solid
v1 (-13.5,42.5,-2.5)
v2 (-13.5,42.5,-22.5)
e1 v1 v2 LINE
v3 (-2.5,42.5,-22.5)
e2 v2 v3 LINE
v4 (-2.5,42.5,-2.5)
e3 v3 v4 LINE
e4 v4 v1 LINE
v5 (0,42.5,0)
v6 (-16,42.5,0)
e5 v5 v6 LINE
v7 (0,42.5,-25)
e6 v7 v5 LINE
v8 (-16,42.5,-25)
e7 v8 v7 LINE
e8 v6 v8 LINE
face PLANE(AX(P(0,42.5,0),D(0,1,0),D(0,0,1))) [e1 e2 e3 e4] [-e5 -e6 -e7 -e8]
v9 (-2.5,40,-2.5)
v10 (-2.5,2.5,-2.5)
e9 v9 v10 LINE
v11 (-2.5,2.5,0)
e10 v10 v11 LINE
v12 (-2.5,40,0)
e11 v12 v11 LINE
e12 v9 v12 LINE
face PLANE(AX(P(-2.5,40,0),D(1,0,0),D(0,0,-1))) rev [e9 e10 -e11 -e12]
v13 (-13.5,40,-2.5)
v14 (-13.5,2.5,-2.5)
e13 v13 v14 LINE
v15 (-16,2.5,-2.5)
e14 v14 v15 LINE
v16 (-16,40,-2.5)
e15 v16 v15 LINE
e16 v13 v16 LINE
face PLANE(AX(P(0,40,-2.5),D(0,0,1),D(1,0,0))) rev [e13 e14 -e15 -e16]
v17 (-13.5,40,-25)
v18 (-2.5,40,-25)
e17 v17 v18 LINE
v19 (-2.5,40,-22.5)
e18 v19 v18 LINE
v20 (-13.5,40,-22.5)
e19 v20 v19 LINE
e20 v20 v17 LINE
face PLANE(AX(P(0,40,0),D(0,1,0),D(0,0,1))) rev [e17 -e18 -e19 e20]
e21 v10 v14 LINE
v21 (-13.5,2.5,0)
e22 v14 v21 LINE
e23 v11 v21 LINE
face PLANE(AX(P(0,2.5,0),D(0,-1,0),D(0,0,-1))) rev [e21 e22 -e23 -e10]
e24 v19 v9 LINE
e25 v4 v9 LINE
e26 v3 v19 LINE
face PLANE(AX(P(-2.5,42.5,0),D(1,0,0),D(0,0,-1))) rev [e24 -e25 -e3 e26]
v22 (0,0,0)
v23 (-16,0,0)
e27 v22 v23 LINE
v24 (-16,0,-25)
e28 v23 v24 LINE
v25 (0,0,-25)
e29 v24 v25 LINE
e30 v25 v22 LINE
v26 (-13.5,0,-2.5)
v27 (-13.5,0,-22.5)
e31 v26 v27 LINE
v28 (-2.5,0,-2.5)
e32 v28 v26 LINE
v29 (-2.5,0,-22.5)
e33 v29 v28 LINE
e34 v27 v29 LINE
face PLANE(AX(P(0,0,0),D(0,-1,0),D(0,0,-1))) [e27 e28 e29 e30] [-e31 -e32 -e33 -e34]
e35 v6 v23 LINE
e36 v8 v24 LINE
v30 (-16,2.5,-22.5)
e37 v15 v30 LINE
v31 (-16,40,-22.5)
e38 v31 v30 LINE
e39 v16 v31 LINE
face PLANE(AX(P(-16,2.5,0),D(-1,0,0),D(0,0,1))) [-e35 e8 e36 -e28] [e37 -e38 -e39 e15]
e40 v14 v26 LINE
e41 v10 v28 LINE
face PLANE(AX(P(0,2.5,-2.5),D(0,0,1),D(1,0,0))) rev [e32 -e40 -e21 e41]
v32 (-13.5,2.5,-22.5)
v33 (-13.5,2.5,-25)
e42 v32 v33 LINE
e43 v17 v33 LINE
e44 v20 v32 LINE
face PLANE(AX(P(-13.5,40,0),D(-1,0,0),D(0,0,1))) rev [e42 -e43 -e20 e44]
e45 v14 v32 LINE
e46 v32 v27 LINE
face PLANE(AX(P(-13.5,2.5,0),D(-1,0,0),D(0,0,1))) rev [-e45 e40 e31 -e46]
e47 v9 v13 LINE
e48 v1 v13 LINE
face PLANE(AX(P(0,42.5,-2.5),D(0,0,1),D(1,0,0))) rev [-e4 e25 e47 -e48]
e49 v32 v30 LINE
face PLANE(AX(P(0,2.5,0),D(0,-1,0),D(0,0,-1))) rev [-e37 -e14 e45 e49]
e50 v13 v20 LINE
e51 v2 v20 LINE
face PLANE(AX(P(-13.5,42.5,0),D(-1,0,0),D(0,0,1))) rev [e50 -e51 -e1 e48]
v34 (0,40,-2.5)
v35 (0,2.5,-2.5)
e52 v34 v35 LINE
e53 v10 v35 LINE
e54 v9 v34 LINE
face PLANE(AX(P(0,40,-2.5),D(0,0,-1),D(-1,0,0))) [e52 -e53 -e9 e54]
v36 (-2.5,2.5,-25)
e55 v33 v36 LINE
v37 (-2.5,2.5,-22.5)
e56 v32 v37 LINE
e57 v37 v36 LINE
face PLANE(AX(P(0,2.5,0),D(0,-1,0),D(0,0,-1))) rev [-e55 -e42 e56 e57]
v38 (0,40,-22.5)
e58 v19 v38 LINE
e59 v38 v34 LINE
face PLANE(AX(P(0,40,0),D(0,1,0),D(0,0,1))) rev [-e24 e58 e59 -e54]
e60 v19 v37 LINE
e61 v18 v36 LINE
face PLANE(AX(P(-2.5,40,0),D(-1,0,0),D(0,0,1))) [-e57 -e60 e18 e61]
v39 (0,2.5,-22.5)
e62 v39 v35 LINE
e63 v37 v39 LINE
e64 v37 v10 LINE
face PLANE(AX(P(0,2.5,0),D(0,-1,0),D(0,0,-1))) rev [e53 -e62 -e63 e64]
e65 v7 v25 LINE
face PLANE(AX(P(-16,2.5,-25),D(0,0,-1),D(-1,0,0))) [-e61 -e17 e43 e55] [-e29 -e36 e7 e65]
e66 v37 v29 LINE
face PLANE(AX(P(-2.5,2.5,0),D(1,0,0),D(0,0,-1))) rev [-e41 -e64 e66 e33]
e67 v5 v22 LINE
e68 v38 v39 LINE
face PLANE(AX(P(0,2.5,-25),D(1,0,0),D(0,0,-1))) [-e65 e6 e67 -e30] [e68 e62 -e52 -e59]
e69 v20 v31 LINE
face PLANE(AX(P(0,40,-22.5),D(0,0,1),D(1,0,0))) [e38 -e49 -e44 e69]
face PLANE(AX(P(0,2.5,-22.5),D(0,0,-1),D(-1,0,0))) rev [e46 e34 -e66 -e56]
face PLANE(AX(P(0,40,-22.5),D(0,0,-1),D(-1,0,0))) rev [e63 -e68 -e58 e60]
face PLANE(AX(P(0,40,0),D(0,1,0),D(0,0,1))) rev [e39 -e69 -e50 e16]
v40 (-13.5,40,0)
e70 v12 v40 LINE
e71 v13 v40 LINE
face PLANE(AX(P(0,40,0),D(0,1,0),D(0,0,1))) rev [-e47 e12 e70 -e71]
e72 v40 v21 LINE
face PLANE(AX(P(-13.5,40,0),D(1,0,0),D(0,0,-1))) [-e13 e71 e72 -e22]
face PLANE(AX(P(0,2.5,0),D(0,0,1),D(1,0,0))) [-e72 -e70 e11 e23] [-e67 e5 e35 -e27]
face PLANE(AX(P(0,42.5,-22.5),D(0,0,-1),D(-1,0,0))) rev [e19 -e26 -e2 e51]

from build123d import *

# Parameters (mm, degrees)
SKETCH1_W           = 16
SKETCH1_H           = 25
SKETCH1_W_2         = 11
SKETCH1_H_2         = 20
BOSS_EXTRUDE2_DEPTH = 2.5
SKETCH1_4_W         = 2.5
SKETCH1_4_H         = 2.5
BOSS_EXTRUDE3_DEPTH = 40
BOSS_EXTRUDE4_START = 40
SKETCH1_5_W         = 2.5
SKETCH1_5_H         = 20
SKETCH1_5_H_2       = 2.5
SKETCH1_5_W_2       = 11
BOSS_EXTRUDE4_DEPTH = 2.5


with BuildPart() as part:
    # Sketch1 → Boss-Extrude2 (new body)
    with BuildSketch(Plane(origin=(0, 0, 0), x_dir=(1, 0, 0), z_dir=(0, 1, 0))):
        with Locations((-8, 12.5)):
            Rectangle(SKETCH1_W, SKETCH1_H)
        with Locations((-8, 12.5)):
            Rectangle(SKETCH1_W_2, SKETCH1_H_2, mode=Mode.SUBTRACT)
    extrude(amount=BOSS_EXTRUDE2_DEPTH)

    # Sketch1_4 → Boss-Extrude3 (add)
    with BuildSketch(Plane(origin=(0, 0, 0), x_dir=(1, 0, 0), z_dir=(0, 1, 0))):
        with Locations((-14.75, 23.75)):
            Rectangle(SKETCH1_4_W, SKETCH1_4_H)
        with Locations((-14.75, 1.25)):
            Rectangle(SKETCH1_4_W, SKETCH1_4_H)
        with Locations((-1.25, 1.25)):
            Rectangle(SKETCH1_4_W, SKETCH1_4_H)
        with Locations((-1.25, 23.75)):
            Rectangle(SKETCH1_4_W, SKETCH1_4_H)
    extrude(amount=BOSS_EXTRUDE3_DEPTH)

    # Sketch1_5 → Boss-Extrude4 (add)
    with BuildSketch(Plane(origin=(0, 0, 0), x_dir=(1, 0, 0), z_dir=(0, 1, 0)).offset(BOSS_EXTRUDE4_START)):
        with Locations((-1.25, 12.5)):
            Rectangle(SKETCH1_5_W, SKETCH1_5_H)
        with Locations((-1.25, 1.25)):
            Rectangle(SKETCH1_5_W, SKETCH1_5_H_2)
        with Locations((-8, 1.25)):
            Rectangle(SKETCH1_5_W_2, SKETCH1_5_H_2)
        with Locations((-14.75, 1.25)):
            Rectangle(SKETCH1_5_W, SKETCH1_5_H_2)
        with Locations((-14.75, 12.5)):
            Rectangle(SKETCH1_5_W, SKETCH1_5_H)
        with Locations((-14.75, 23.75)):
            Rectangle(SKETCH1_5_W, SKETCH1_5_H_2)
        with Locations((-8, 23.75)):
            Rectangle(SKETCH1_5_W_2, SKETCH1_5_H_2)
        with Locations((-1.25, 23.75)):
            Rectangle(SKETCH1_5_W, SKETCH1_5_H_2)
    extrude(amount=BOSS_EXTRUDE4_DEPTH)


solid = part.part
